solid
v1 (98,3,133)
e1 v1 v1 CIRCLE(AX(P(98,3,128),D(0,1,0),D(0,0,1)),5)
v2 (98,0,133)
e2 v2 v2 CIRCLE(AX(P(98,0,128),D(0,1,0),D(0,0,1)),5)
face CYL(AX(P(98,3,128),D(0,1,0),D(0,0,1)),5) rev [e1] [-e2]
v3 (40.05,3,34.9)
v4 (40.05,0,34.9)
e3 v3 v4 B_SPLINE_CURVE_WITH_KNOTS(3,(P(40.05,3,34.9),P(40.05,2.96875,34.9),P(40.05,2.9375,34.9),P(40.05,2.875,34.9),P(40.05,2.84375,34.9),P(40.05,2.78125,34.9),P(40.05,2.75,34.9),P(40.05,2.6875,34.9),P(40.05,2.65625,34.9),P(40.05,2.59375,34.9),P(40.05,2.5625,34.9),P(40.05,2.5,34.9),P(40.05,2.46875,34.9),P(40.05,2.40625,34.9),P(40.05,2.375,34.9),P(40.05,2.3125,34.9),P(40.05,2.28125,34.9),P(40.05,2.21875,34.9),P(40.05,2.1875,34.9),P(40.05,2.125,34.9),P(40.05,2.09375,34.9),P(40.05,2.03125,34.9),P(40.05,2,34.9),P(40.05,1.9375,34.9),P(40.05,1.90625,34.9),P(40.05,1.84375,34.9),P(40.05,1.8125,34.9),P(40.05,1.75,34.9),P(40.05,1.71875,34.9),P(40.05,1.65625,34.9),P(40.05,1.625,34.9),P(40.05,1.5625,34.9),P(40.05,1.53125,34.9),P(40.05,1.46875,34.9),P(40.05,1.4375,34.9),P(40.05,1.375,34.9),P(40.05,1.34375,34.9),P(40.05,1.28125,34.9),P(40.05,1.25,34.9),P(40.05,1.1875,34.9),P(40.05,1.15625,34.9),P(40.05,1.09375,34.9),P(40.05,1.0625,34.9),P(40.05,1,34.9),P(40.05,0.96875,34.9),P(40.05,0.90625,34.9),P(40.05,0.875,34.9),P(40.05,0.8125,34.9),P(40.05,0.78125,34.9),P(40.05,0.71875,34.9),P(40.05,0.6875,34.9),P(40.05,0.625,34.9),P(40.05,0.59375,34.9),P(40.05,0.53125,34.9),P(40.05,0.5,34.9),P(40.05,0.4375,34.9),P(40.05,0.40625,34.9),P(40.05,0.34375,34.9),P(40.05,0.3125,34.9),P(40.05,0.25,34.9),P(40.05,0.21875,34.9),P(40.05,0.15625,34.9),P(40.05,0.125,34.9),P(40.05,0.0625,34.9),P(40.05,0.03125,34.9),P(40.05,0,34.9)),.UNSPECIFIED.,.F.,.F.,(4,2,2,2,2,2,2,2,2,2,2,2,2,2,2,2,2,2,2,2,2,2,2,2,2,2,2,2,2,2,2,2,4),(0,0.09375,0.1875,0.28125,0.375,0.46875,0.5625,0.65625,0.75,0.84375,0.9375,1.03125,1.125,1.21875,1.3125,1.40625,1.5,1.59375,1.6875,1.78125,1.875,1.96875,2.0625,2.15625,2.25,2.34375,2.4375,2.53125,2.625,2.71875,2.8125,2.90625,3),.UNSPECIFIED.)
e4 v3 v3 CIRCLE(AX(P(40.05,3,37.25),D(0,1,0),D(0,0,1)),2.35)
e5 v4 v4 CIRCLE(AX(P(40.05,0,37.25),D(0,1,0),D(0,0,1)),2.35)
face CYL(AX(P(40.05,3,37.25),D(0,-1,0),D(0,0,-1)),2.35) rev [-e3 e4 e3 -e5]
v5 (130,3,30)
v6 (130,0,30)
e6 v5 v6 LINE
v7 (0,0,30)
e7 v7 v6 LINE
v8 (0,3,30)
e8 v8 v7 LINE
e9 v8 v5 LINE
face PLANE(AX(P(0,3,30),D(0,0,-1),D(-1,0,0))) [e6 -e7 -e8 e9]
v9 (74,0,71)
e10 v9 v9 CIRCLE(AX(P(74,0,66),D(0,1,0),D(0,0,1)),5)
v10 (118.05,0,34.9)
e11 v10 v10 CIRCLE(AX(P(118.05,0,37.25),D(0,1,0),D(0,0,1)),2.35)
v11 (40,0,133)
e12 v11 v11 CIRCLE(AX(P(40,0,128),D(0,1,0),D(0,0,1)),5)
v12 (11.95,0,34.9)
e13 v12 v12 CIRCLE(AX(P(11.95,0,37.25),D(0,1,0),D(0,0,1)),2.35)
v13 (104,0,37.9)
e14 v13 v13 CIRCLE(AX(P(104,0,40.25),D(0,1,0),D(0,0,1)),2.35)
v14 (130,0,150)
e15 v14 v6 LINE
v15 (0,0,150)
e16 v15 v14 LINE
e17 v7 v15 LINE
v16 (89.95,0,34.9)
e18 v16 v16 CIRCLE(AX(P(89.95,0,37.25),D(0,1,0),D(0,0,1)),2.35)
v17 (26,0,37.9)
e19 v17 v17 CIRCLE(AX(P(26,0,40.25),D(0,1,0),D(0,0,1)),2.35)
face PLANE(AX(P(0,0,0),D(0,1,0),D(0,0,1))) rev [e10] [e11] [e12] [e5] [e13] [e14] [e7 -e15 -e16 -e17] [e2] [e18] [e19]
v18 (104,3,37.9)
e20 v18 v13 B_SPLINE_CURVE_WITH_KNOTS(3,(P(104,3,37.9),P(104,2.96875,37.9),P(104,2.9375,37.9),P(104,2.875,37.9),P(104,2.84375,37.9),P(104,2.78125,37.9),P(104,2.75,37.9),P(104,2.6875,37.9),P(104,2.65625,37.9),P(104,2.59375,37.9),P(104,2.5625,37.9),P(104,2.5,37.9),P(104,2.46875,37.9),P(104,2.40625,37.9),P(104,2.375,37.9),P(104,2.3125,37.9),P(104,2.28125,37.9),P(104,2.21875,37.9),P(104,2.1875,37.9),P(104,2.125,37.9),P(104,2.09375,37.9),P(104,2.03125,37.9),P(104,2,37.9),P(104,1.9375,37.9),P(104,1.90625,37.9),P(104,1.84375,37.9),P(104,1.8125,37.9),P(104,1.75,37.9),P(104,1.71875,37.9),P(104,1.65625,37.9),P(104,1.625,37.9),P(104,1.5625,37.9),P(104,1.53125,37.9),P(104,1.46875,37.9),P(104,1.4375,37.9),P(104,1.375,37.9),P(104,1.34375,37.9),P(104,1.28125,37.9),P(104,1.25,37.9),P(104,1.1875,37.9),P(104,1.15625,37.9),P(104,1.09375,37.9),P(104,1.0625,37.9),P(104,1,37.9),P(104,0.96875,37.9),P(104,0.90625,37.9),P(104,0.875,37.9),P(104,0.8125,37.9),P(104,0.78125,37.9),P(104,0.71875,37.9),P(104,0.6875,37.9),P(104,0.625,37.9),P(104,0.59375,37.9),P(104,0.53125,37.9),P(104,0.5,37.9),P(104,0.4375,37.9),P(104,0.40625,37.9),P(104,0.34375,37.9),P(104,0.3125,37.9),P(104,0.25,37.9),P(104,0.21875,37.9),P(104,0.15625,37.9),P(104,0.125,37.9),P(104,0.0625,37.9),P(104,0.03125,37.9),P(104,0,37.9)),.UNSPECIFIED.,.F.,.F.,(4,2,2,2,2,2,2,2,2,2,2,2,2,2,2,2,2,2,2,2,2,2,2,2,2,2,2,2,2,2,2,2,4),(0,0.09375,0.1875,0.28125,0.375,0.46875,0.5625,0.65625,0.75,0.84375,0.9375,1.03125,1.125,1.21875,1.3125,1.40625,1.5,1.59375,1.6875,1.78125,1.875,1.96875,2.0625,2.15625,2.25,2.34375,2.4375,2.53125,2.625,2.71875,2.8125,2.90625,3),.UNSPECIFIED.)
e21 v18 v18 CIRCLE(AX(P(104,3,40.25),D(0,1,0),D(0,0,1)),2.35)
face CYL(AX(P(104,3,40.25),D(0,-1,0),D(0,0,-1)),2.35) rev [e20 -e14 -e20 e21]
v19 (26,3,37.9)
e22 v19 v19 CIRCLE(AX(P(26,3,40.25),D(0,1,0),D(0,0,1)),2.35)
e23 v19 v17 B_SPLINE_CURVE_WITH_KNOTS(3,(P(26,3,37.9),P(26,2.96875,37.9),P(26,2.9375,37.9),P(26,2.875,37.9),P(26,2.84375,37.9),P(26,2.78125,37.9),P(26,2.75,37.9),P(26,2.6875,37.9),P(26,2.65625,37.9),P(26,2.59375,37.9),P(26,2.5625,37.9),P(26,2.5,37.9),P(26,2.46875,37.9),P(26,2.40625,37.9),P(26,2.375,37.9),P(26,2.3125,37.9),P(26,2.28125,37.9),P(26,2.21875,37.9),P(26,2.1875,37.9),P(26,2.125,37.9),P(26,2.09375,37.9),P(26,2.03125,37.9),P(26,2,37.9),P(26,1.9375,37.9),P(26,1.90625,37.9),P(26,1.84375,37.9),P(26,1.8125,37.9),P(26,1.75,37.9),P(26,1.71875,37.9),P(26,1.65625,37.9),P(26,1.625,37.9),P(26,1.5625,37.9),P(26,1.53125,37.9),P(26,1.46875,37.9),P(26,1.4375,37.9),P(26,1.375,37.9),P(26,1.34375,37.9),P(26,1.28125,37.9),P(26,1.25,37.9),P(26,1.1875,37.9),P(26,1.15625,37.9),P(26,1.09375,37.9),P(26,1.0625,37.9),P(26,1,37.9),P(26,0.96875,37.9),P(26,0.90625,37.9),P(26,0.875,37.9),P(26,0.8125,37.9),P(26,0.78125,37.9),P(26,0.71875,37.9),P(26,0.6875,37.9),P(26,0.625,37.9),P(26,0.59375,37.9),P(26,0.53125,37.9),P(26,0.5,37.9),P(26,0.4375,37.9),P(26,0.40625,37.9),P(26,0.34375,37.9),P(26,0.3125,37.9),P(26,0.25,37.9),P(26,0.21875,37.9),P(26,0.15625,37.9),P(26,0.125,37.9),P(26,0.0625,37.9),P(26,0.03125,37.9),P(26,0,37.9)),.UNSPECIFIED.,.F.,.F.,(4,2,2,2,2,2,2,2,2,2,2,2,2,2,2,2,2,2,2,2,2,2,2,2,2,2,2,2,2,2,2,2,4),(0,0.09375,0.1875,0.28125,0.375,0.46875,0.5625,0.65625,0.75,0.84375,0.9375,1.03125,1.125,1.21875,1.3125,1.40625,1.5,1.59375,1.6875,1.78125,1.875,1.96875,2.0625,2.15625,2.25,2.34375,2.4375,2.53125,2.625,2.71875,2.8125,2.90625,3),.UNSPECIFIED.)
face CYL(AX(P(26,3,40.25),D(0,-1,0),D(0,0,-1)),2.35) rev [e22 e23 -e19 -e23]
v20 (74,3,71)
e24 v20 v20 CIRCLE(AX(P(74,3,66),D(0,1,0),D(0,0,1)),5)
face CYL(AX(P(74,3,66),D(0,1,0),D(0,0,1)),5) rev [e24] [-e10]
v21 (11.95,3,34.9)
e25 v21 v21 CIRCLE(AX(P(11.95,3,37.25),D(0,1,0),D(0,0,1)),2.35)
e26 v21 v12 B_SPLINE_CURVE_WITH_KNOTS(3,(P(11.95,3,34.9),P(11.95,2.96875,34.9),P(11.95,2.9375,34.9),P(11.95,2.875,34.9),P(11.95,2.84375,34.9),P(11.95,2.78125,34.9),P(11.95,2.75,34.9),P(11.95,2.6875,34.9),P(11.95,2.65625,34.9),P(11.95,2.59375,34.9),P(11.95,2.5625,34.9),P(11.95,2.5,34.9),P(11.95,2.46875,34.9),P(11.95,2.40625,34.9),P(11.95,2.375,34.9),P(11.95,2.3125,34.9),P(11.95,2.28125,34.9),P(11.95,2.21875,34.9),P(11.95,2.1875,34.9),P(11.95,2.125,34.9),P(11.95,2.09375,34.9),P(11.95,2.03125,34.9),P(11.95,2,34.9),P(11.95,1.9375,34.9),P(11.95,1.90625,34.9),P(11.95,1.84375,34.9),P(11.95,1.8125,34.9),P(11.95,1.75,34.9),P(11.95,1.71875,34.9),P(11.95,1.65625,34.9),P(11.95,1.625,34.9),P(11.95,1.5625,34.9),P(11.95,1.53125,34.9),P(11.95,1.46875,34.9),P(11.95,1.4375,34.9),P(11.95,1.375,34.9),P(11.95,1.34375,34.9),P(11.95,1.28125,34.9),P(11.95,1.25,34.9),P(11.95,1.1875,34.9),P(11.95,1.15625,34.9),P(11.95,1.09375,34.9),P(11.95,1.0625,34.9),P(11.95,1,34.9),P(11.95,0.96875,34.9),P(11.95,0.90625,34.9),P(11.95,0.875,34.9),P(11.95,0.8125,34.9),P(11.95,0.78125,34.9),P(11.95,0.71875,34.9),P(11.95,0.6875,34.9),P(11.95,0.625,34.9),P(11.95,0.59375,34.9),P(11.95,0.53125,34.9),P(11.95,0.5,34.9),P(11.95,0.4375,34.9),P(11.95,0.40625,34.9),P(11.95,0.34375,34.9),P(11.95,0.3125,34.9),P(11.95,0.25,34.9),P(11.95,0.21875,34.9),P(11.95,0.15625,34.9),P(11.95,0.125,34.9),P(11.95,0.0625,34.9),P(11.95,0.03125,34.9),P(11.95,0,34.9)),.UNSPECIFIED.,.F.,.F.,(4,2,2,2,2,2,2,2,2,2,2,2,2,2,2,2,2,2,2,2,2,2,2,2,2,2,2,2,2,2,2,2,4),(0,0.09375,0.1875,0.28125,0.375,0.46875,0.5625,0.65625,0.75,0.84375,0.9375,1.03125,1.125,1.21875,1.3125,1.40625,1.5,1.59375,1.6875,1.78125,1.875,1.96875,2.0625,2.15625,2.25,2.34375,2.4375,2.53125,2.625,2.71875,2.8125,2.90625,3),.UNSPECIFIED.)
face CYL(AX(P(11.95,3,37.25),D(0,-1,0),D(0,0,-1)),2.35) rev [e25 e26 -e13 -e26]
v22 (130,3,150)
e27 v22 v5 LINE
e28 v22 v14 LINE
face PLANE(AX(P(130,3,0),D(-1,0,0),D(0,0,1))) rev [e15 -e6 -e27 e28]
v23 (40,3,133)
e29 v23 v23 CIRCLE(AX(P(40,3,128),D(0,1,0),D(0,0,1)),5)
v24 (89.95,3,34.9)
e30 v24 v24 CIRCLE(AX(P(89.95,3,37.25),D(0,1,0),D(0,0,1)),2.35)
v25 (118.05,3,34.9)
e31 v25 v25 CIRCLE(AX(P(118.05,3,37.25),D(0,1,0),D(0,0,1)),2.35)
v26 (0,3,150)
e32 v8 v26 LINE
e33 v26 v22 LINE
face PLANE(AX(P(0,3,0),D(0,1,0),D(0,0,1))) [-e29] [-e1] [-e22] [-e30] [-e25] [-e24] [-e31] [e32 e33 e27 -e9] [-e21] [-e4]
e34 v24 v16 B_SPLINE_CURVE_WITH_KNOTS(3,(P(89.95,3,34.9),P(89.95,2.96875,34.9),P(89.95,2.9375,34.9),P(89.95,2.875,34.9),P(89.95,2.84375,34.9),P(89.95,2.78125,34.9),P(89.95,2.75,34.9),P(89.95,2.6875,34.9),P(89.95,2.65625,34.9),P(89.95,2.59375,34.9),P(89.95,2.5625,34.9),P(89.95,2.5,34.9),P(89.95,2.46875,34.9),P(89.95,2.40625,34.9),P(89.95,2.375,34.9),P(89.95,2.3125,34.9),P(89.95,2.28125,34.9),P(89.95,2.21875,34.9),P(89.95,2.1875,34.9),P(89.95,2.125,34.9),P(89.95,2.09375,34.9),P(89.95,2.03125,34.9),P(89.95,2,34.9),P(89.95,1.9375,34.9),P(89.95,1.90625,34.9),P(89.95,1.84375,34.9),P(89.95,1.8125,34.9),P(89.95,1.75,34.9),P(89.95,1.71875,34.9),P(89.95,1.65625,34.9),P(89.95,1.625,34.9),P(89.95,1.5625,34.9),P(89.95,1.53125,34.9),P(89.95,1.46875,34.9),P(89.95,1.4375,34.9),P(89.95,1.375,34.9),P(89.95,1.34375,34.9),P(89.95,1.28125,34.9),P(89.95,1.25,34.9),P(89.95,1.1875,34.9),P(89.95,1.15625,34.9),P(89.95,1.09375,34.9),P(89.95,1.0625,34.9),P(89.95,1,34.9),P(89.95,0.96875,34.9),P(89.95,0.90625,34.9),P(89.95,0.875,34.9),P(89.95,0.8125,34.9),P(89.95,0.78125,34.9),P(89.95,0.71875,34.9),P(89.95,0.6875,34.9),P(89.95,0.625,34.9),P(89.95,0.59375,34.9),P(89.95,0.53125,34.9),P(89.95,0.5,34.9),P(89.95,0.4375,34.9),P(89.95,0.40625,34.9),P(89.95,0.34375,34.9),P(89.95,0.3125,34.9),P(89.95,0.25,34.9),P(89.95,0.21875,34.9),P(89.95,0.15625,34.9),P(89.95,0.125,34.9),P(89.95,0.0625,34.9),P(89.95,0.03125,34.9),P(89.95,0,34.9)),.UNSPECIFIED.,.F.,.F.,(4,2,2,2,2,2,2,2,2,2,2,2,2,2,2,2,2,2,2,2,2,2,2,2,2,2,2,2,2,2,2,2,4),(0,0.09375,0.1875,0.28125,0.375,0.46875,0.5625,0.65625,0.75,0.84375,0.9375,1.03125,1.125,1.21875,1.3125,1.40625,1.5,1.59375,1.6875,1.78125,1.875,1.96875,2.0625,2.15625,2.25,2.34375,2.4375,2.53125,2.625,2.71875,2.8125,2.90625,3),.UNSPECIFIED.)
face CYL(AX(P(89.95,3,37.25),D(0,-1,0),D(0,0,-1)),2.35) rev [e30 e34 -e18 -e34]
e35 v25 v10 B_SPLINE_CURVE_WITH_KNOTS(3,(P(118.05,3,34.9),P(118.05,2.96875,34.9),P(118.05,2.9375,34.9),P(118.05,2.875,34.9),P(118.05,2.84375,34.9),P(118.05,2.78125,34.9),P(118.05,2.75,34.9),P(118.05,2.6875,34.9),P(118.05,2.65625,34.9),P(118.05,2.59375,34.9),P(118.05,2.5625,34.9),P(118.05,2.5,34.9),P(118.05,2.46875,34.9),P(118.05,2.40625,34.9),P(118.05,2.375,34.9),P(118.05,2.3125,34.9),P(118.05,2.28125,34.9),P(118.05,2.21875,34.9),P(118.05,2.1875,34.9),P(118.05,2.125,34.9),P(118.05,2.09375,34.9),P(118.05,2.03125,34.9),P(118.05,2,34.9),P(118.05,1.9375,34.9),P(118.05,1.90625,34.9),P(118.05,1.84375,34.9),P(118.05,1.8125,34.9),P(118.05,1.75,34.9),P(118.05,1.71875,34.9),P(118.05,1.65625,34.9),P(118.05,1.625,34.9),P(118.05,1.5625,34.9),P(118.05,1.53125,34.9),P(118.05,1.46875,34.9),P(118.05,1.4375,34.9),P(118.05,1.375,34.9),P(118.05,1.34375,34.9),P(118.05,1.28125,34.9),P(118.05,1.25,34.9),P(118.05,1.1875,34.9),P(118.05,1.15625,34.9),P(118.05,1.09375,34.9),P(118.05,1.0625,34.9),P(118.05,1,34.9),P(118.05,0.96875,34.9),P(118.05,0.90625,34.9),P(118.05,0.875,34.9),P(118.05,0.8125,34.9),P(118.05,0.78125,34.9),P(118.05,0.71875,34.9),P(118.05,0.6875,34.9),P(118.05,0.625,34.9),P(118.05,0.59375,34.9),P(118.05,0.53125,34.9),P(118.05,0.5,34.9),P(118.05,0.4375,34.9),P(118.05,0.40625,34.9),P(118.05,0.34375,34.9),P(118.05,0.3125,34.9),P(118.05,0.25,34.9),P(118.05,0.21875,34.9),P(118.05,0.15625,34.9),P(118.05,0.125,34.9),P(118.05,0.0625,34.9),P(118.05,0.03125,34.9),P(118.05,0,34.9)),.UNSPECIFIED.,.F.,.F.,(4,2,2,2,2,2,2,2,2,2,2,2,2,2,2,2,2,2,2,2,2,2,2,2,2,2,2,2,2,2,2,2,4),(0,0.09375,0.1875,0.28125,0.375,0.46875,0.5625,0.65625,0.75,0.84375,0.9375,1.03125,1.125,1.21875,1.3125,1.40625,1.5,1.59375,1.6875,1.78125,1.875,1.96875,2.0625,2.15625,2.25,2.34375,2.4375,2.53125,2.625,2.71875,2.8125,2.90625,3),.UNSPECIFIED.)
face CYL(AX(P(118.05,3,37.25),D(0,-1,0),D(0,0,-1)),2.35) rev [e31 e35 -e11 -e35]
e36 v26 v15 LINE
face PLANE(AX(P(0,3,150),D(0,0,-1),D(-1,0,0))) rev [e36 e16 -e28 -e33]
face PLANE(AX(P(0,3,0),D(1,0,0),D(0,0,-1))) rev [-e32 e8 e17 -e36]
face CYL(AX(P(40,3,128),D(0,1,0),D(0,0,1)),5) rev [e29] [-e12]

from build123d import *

# Parameters (mm, degrees)
SKETCH1_W                  = 130
SKETCH1_H                  = 150
BOSS_EXTRUDE1_DEPTH        = 3
F_10_0_10_DIAMETER_HOLE2_D = 10
F_14_0_14_DIAMETER_HOLE1_D = 14
F_5_0_5_DIAMETER_HOLE1_D   = 5
F_9_0_9_DIAMETER_HOLE1_D   = 9
F_5_0_5_DIAMETER_HOLE2_D   = 5
SKETCH15_W                 = 130
SKETCH15_H                 = 30
CUT_EXTRUDE1_DEPTH         = 199.517001791
SKETCH16_R                 = 2.35
CUT_EXTRUDE2_DEPTH         = 199.517001791


with BuildPart() as part:
    # Sketch1 → Boss-Extrude1 (new body)
    with BuildSketch(Plane(origin=(0, 0, 0), x_dir=(1, 0, 0), z_dir=(0, 1, 0))):
        with Locations((65, -75)):
            Rectangle(SKETCH1_W, SKETCH1_H)
    extrude(amount=BOSS_EXTRUDE1_DEPTH)

    # Ø10.0 (10) Diameter Hole2 (through all)
    with Locations(Plane(origin=(0, 3, 0), x_dir=(1, 0, 0), z_dir=(0, 1, 0))):
        with Locations((40, -128), (98, -128), (74, -66)):
            Hole(F_10_0_10_DIAMETER_HOLE2_D / 2)

    # Ø14.0 (14) Diameter Hole1 (through all)
    with Locations(Plane(origin=(0, 3, 0), x_dir=(1, 0, 0), z_dir=(0, 1, 0))):
        with Locations((16, -16), (114, -16)):
            Hole(F_14_0_14_DIAMETER_HOLE1_D / 2)

    # Ø5.0 (5) Diameter Hole1 (through all)
    with Locations(Plane(origin=(0, 3, 0), x_dir=(1, 0, 0), z_dir=(0, 1, 0))):
        with Locations((4.686291501, -27.313708499), (4.686291501, -4.686291501), (27.313708499, -4.686291501), (27.313708499, -27.313708499), (102.686291501, -27.313708499), (125.313708499, -27.313708499), (125.313708499, -4.686291501), (102.686291501, -4.686291501)):
            Hole(F_5_0_5_DIAMETER_HOLE1_D / 2)

    # Ø9.0 (9) Diameter Hole1 (through all)
    with Locations(Plane(origin=(0, 3, 0), x_dir=(1, 0, 0), z_dir=(0, 1, 0))):
        with Locations((65, -16)):
            Hole(F_9_0_9_DIAMETER_HOLE1_D / 2)

    # Ø5.0 (5) Diameter Hole2 (through all)
    with Locations(Plane(origin=(0, 3, 0), x_dir=(1, 0, 0), z_dir=(0, 1, 0))):
        with Locations((53.686291501, -27.313708499), (76.313708499, -27.313708499), (76.313708499, -4.686291501), (53.686291501, -4.686291501)):
            Hole(F_5_0_5_DIAMETER_HOLE2_D / 2)

    # Sketch15 → Cut-Extrude1 (cut, through all)
    with BuildSketch(Plane(origin=(0, 0, 0), x_dir=(1, 0, 0), z_dir=(0, 1, 0))):
        with Locations((65, -15)):
            Rectangle(SKETCH15_W, SKETCH15_H)
    extrude(amount=CUT_EXTRUDE1_DEPTH, mode=Mode.SUBTRACT)

    # Sketch16 → Cut-Extrude2 (cut, through all)
    with BuildSketch(Plane(origin=(0, 0, 0), x_dir=(1, 0, 0), z_dir=(0, 1, 0))):
        with Locations(Location((89.95, -37.25, 0), (0, 0, 90))):
            Circle(SKETCH16_R)
        with Locations(Location((118.05, -37.25, 0), (0, 0, 90))):
            Circle(SKETCH16_R)
        with Locations(Location((104, -40.25, 0), (0, 0, 90))):
            Circle(SKETCH16_R)
        with Locations(Location((11.95, -37.25, 0), (0, 0, 90))):
            Circle(SKETCH16_R)
        with Locations(Location((40.05, -37.25, 0), (0, 0, 90))):
            Circle(SKETCH16_R)
        with Locations(Location((26, -40.25, 0), (0, 0, 90))):
            Circle(SKETCH16_R)
    extrude(amount=CUT_EXTRUDE2_DEPTH, mode=Mode.SUBTRACT)


solid = part.part
